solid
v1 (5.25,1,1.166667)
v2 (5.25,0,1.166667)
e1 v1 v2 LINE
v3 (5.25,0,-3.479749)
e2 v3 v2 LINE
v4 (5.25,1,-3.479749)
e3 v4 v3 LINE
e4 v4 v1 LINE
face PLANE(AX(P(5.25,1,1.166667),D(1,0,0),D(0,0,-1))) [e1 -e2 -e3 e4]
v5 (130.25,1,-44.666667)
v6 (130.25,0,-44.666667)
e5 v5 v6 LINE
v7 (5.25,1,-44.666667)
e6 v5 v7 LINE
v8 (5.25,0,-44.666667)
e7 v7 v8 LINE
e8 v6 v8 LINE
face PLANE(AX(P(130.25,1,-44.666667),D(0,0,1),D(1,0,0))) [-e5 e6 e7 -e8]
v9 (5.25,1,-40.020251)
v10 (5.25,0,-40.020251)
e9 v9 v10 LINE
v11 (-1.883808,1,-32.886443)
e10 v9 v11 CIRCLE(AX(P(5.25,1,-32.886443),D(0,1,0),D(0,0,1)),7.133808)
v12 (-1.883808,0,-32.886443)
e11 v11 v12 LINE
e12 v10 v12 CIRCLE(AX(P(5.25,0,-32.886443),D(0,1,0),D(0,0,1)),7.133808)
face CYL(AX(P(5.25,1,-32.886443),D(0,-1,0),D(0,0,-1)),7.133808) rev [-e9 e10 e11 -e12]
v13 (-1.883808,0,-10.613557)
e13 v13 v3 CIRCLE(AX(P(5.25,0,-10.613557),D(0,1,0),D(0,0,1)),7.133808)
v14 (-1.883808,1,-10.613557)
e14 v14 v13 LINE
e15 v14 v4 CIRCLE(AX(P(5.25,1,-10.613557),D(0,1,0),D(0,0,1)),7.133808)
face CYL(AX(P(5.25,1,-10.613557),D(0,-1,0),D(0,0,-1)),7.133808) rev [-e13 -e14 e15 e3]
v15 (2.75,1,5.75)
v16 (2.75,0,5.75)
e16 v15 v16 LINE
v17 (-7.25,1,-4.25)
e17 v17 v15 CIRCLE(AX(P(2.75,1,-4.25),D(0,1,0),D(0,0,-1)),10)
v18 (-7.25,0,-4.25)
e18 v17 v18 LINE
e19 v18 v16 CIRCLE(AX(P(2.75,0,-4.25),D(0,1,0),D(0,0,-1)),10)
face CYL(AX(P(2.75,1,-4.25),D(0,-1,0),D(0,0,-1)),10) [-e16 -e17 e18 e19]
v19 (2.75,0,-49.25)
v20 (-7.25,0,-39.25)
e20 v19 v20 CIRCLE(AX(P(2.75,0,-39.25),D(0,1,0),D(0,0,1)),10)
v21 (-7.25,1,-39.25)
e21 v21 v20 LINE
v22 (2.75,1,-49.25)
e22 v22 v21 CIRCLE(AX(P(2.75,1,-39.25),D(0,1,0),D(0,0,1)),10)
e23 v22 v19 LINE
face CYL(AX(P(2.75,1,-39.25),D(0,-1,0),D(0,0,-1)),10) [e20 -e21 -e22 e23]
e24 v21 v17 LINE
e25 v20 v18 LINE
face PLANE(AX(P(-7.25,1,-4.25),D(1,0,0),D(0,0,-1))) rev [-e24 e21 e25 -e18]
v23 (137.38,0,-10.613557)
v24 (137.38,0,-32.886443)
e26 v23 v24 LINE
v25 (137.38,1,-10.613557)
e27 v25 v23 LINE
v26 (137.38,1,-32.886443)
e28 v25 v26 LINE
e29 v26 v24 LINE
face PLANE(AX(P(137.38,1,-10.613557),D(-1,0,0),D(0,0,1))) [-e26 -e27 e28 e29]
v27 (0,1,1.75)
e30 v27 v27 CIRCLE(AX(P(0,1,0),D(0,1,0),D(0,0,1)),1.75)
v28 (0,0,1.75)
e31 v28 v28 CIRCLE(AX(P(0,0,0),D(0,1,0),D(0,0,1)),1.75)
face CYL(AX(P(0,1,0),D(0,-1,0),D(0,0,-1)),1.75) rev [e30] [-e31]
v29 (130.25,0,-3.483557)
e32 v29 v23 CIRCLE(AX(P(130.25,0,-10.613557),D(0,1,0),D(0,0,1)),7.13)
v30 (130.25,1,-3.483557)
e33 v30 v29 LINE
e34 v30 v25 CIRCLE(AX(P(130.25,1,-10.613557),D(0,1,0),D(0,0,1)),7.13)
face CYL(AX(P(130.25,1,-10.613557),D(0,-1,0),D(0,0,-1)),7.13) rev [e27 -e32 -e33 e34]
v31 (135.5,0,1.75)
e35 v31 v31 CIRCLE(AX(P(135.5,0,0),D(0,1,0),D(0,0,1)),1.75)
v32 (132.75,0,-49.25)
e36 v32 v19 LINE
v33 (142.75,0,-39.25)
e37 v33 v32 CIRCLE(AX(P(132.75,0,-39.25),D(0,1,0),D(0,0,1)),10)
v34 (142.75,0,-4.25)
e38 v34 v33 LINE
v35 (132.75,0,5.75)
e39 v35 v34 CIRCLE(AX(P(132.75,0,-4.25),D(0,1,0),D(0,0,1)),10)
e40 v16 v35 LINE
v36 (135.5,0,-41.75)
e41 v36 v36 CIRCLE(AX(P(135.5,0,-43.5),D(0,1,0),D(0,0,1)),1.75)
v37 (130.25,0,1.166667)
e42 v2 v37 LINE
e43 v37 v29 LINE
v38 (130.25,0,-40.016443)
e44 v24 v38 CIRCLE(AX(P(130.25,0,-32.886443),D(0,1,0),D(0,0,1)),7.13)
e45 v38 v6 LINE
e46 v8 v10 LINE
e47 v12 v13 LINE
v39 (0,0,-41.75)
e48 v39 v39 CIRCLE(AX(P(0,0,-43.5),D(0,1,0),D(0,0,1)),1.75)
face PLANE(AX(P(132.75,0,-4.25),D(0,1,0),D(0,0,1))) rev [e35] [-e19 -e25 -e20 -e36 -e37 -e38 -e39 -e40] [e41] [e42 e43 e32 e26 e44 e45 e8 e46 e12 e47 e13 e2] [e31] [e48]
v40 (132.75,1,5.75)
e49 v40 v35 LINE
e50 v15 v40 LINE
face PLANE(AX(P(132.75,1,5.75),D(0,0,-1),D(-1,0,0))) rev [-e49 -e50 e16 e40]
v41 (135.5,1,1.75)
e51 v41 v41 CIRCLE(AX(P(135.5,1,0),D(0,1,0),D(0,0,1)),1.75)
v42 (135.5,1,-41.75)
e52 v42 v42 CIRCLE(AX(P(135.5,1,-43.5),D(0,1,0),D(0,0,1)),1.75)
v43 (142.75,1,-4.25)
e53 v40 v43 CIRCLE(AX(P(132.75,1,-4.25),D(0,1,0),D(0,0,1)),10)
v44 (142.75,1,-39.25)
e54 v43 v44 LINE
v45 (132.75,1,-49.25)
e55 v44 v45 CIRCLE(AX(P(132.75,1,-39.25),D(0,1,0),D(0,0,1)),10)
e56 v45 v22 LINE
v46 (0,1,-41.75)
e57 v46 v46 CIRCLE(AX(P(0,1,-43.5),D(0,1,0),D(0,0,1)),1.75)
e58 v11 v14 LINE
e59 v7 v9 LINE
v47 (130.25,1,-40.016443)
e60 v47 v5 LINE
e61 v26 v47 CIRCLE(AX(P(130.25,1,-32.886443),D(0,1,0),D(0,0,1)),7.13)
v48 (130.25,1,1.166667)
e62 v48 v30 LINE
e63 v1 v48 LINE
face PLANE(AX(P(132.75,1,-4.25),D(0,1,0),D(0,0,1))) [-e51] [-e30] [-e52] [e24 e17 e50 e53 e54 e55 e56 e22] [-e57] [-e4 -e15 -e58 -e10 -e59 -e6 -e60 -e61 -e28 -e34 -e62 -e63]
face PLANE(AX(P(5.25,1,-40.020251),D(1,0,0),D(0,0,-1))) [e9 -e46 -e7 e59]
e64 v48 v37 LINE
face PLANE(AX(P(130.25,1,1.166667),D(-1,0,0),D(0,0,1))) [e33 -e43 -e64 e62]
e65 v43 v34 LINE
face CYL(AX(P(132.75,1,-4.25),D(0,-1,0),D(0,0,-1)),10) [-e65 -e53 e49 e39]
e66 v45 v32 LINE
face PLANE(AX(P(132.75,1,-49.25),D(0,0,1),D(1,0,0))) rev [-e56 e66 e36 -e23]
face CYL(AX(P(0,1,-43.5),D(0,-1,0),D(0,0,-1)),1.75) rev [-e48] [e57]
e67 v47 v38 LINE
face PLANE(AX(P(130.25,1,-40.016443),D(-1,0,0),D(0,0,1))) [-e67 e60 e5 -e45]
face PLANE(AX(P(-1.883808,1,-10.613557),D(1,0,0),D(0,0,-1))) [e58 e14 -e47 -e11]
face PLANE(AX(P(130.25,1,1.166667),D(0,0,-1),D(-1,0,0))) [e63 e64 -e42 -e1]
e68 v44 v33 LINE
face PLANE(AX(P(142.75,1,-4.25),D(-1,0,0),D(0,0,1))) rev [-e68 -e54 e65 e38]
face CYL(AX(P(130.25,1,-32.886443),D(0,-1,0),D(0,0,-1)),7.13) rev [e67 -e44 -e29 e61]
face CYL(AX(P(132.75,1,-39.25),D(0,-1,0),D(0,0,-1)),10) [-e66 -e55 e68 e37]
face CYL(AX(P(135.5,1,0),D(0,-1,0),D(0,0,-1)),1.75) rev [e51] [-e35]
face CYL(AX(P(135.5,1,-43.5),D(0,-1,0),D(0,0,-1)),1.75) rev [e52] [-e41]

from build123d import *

# Parameters (mm, degrees)
SKETCH1_R           = 1.75
BOSS_EXTRUDE1_DEPTH = 1


with BuildPart() as part:
    # Sketch1 → Boss-Extrude1 (new body)
    with BuildSketch(Plane(origin=(0, 0, 0), x_dir=(1, 0, 0), z_dir=(0, 1, 0))):
        with BuildLine():
            Line((132.75, -5.75), (2.75, -5.75))
            ThreePointArc((2.75, -5.75), (-4.321067812, -2.821067812), (-7.25, 4.25))
            Line((-7.25, 4.25), (-7.25, 39.25))
            ThreePointArc((-7.25, 39.25), (-4.321067812, 46.321067812), (2.75, 49.25))
            Line((2.75, 49.25), (132.75, 49.25))
            ThreePointArc((132.75, 49.25), (139.821067812, 46.321067812), (142.75, 39.25))
            Line((142.75, 39.25), (142.75, 4.25))
            ThreePointArc((142.75, 4.25), (139.821067812, -2.821067812), (132.75, -5.75))
        make_face()
        with Locations(Location((0, 0, 0), (0, 0, 270))):
            Circle(SKETCH1_R, mode=Mode.SUBTRACT)
        with Locations(Location((0, 43.5, 0), (0, 0, 270))):
            Circle(SKETCH1_R, mode=Mode.SUBTRACT)
        with Locations(Location((135.5, 43.5, 0), (0, 0, 270))):
            Circle(SKETCH1_R, mode=Mode.SUBTRACT)
        with Locations(Location((135.5, 0, 0), (0, 0, 270))):
            Circle(SKETCH1_R, mode=Mode.SUBTRACT)
        with BuildLine():
            Line((130.25, 40.016443463), (130.25, 44.666666667))
            Line((130.25, 44.666666667), (5.25, 44.666666667))
            Line((5.25, 44.666666667), (5.25, 40.020251196))
            ThreePointArc((5.25, 40.020251196), (0.205636176, 37.930807287), (-1.883807733, 32.886443463))
            Line((-1.883807733, 32.886443463), (-1.883807733, 10.613556537))
            ThreePointArc((-1.883807733, 10.613556537), (0.205636176, 5.569192713), (5.25, 3.479748804))
            Line((5.25, 3.479748804), (5.25, -1.166666667))
            Line((5.25, -1.166666667), (130.25, -1.166666667))
            Line((130.25, -1.166666667), (130.25, 3.483556537))
            ThreePointArc((130.25, 3.483556537), (135.29167135, 5.571885187), (137.38, 10.613556537))
            Line((137.38, 10.613556537), (137.38, 32.886443463))
            ThreePointArc((137.38, 32.886443463), (135.29167135, 37.928114813), (130.25, 40.016443463))
        make_face(mode=Mode.SUBTRACT)
    extrude(amount=BOSS_EXTRUDE1_DEPTH)


solid = part.part
